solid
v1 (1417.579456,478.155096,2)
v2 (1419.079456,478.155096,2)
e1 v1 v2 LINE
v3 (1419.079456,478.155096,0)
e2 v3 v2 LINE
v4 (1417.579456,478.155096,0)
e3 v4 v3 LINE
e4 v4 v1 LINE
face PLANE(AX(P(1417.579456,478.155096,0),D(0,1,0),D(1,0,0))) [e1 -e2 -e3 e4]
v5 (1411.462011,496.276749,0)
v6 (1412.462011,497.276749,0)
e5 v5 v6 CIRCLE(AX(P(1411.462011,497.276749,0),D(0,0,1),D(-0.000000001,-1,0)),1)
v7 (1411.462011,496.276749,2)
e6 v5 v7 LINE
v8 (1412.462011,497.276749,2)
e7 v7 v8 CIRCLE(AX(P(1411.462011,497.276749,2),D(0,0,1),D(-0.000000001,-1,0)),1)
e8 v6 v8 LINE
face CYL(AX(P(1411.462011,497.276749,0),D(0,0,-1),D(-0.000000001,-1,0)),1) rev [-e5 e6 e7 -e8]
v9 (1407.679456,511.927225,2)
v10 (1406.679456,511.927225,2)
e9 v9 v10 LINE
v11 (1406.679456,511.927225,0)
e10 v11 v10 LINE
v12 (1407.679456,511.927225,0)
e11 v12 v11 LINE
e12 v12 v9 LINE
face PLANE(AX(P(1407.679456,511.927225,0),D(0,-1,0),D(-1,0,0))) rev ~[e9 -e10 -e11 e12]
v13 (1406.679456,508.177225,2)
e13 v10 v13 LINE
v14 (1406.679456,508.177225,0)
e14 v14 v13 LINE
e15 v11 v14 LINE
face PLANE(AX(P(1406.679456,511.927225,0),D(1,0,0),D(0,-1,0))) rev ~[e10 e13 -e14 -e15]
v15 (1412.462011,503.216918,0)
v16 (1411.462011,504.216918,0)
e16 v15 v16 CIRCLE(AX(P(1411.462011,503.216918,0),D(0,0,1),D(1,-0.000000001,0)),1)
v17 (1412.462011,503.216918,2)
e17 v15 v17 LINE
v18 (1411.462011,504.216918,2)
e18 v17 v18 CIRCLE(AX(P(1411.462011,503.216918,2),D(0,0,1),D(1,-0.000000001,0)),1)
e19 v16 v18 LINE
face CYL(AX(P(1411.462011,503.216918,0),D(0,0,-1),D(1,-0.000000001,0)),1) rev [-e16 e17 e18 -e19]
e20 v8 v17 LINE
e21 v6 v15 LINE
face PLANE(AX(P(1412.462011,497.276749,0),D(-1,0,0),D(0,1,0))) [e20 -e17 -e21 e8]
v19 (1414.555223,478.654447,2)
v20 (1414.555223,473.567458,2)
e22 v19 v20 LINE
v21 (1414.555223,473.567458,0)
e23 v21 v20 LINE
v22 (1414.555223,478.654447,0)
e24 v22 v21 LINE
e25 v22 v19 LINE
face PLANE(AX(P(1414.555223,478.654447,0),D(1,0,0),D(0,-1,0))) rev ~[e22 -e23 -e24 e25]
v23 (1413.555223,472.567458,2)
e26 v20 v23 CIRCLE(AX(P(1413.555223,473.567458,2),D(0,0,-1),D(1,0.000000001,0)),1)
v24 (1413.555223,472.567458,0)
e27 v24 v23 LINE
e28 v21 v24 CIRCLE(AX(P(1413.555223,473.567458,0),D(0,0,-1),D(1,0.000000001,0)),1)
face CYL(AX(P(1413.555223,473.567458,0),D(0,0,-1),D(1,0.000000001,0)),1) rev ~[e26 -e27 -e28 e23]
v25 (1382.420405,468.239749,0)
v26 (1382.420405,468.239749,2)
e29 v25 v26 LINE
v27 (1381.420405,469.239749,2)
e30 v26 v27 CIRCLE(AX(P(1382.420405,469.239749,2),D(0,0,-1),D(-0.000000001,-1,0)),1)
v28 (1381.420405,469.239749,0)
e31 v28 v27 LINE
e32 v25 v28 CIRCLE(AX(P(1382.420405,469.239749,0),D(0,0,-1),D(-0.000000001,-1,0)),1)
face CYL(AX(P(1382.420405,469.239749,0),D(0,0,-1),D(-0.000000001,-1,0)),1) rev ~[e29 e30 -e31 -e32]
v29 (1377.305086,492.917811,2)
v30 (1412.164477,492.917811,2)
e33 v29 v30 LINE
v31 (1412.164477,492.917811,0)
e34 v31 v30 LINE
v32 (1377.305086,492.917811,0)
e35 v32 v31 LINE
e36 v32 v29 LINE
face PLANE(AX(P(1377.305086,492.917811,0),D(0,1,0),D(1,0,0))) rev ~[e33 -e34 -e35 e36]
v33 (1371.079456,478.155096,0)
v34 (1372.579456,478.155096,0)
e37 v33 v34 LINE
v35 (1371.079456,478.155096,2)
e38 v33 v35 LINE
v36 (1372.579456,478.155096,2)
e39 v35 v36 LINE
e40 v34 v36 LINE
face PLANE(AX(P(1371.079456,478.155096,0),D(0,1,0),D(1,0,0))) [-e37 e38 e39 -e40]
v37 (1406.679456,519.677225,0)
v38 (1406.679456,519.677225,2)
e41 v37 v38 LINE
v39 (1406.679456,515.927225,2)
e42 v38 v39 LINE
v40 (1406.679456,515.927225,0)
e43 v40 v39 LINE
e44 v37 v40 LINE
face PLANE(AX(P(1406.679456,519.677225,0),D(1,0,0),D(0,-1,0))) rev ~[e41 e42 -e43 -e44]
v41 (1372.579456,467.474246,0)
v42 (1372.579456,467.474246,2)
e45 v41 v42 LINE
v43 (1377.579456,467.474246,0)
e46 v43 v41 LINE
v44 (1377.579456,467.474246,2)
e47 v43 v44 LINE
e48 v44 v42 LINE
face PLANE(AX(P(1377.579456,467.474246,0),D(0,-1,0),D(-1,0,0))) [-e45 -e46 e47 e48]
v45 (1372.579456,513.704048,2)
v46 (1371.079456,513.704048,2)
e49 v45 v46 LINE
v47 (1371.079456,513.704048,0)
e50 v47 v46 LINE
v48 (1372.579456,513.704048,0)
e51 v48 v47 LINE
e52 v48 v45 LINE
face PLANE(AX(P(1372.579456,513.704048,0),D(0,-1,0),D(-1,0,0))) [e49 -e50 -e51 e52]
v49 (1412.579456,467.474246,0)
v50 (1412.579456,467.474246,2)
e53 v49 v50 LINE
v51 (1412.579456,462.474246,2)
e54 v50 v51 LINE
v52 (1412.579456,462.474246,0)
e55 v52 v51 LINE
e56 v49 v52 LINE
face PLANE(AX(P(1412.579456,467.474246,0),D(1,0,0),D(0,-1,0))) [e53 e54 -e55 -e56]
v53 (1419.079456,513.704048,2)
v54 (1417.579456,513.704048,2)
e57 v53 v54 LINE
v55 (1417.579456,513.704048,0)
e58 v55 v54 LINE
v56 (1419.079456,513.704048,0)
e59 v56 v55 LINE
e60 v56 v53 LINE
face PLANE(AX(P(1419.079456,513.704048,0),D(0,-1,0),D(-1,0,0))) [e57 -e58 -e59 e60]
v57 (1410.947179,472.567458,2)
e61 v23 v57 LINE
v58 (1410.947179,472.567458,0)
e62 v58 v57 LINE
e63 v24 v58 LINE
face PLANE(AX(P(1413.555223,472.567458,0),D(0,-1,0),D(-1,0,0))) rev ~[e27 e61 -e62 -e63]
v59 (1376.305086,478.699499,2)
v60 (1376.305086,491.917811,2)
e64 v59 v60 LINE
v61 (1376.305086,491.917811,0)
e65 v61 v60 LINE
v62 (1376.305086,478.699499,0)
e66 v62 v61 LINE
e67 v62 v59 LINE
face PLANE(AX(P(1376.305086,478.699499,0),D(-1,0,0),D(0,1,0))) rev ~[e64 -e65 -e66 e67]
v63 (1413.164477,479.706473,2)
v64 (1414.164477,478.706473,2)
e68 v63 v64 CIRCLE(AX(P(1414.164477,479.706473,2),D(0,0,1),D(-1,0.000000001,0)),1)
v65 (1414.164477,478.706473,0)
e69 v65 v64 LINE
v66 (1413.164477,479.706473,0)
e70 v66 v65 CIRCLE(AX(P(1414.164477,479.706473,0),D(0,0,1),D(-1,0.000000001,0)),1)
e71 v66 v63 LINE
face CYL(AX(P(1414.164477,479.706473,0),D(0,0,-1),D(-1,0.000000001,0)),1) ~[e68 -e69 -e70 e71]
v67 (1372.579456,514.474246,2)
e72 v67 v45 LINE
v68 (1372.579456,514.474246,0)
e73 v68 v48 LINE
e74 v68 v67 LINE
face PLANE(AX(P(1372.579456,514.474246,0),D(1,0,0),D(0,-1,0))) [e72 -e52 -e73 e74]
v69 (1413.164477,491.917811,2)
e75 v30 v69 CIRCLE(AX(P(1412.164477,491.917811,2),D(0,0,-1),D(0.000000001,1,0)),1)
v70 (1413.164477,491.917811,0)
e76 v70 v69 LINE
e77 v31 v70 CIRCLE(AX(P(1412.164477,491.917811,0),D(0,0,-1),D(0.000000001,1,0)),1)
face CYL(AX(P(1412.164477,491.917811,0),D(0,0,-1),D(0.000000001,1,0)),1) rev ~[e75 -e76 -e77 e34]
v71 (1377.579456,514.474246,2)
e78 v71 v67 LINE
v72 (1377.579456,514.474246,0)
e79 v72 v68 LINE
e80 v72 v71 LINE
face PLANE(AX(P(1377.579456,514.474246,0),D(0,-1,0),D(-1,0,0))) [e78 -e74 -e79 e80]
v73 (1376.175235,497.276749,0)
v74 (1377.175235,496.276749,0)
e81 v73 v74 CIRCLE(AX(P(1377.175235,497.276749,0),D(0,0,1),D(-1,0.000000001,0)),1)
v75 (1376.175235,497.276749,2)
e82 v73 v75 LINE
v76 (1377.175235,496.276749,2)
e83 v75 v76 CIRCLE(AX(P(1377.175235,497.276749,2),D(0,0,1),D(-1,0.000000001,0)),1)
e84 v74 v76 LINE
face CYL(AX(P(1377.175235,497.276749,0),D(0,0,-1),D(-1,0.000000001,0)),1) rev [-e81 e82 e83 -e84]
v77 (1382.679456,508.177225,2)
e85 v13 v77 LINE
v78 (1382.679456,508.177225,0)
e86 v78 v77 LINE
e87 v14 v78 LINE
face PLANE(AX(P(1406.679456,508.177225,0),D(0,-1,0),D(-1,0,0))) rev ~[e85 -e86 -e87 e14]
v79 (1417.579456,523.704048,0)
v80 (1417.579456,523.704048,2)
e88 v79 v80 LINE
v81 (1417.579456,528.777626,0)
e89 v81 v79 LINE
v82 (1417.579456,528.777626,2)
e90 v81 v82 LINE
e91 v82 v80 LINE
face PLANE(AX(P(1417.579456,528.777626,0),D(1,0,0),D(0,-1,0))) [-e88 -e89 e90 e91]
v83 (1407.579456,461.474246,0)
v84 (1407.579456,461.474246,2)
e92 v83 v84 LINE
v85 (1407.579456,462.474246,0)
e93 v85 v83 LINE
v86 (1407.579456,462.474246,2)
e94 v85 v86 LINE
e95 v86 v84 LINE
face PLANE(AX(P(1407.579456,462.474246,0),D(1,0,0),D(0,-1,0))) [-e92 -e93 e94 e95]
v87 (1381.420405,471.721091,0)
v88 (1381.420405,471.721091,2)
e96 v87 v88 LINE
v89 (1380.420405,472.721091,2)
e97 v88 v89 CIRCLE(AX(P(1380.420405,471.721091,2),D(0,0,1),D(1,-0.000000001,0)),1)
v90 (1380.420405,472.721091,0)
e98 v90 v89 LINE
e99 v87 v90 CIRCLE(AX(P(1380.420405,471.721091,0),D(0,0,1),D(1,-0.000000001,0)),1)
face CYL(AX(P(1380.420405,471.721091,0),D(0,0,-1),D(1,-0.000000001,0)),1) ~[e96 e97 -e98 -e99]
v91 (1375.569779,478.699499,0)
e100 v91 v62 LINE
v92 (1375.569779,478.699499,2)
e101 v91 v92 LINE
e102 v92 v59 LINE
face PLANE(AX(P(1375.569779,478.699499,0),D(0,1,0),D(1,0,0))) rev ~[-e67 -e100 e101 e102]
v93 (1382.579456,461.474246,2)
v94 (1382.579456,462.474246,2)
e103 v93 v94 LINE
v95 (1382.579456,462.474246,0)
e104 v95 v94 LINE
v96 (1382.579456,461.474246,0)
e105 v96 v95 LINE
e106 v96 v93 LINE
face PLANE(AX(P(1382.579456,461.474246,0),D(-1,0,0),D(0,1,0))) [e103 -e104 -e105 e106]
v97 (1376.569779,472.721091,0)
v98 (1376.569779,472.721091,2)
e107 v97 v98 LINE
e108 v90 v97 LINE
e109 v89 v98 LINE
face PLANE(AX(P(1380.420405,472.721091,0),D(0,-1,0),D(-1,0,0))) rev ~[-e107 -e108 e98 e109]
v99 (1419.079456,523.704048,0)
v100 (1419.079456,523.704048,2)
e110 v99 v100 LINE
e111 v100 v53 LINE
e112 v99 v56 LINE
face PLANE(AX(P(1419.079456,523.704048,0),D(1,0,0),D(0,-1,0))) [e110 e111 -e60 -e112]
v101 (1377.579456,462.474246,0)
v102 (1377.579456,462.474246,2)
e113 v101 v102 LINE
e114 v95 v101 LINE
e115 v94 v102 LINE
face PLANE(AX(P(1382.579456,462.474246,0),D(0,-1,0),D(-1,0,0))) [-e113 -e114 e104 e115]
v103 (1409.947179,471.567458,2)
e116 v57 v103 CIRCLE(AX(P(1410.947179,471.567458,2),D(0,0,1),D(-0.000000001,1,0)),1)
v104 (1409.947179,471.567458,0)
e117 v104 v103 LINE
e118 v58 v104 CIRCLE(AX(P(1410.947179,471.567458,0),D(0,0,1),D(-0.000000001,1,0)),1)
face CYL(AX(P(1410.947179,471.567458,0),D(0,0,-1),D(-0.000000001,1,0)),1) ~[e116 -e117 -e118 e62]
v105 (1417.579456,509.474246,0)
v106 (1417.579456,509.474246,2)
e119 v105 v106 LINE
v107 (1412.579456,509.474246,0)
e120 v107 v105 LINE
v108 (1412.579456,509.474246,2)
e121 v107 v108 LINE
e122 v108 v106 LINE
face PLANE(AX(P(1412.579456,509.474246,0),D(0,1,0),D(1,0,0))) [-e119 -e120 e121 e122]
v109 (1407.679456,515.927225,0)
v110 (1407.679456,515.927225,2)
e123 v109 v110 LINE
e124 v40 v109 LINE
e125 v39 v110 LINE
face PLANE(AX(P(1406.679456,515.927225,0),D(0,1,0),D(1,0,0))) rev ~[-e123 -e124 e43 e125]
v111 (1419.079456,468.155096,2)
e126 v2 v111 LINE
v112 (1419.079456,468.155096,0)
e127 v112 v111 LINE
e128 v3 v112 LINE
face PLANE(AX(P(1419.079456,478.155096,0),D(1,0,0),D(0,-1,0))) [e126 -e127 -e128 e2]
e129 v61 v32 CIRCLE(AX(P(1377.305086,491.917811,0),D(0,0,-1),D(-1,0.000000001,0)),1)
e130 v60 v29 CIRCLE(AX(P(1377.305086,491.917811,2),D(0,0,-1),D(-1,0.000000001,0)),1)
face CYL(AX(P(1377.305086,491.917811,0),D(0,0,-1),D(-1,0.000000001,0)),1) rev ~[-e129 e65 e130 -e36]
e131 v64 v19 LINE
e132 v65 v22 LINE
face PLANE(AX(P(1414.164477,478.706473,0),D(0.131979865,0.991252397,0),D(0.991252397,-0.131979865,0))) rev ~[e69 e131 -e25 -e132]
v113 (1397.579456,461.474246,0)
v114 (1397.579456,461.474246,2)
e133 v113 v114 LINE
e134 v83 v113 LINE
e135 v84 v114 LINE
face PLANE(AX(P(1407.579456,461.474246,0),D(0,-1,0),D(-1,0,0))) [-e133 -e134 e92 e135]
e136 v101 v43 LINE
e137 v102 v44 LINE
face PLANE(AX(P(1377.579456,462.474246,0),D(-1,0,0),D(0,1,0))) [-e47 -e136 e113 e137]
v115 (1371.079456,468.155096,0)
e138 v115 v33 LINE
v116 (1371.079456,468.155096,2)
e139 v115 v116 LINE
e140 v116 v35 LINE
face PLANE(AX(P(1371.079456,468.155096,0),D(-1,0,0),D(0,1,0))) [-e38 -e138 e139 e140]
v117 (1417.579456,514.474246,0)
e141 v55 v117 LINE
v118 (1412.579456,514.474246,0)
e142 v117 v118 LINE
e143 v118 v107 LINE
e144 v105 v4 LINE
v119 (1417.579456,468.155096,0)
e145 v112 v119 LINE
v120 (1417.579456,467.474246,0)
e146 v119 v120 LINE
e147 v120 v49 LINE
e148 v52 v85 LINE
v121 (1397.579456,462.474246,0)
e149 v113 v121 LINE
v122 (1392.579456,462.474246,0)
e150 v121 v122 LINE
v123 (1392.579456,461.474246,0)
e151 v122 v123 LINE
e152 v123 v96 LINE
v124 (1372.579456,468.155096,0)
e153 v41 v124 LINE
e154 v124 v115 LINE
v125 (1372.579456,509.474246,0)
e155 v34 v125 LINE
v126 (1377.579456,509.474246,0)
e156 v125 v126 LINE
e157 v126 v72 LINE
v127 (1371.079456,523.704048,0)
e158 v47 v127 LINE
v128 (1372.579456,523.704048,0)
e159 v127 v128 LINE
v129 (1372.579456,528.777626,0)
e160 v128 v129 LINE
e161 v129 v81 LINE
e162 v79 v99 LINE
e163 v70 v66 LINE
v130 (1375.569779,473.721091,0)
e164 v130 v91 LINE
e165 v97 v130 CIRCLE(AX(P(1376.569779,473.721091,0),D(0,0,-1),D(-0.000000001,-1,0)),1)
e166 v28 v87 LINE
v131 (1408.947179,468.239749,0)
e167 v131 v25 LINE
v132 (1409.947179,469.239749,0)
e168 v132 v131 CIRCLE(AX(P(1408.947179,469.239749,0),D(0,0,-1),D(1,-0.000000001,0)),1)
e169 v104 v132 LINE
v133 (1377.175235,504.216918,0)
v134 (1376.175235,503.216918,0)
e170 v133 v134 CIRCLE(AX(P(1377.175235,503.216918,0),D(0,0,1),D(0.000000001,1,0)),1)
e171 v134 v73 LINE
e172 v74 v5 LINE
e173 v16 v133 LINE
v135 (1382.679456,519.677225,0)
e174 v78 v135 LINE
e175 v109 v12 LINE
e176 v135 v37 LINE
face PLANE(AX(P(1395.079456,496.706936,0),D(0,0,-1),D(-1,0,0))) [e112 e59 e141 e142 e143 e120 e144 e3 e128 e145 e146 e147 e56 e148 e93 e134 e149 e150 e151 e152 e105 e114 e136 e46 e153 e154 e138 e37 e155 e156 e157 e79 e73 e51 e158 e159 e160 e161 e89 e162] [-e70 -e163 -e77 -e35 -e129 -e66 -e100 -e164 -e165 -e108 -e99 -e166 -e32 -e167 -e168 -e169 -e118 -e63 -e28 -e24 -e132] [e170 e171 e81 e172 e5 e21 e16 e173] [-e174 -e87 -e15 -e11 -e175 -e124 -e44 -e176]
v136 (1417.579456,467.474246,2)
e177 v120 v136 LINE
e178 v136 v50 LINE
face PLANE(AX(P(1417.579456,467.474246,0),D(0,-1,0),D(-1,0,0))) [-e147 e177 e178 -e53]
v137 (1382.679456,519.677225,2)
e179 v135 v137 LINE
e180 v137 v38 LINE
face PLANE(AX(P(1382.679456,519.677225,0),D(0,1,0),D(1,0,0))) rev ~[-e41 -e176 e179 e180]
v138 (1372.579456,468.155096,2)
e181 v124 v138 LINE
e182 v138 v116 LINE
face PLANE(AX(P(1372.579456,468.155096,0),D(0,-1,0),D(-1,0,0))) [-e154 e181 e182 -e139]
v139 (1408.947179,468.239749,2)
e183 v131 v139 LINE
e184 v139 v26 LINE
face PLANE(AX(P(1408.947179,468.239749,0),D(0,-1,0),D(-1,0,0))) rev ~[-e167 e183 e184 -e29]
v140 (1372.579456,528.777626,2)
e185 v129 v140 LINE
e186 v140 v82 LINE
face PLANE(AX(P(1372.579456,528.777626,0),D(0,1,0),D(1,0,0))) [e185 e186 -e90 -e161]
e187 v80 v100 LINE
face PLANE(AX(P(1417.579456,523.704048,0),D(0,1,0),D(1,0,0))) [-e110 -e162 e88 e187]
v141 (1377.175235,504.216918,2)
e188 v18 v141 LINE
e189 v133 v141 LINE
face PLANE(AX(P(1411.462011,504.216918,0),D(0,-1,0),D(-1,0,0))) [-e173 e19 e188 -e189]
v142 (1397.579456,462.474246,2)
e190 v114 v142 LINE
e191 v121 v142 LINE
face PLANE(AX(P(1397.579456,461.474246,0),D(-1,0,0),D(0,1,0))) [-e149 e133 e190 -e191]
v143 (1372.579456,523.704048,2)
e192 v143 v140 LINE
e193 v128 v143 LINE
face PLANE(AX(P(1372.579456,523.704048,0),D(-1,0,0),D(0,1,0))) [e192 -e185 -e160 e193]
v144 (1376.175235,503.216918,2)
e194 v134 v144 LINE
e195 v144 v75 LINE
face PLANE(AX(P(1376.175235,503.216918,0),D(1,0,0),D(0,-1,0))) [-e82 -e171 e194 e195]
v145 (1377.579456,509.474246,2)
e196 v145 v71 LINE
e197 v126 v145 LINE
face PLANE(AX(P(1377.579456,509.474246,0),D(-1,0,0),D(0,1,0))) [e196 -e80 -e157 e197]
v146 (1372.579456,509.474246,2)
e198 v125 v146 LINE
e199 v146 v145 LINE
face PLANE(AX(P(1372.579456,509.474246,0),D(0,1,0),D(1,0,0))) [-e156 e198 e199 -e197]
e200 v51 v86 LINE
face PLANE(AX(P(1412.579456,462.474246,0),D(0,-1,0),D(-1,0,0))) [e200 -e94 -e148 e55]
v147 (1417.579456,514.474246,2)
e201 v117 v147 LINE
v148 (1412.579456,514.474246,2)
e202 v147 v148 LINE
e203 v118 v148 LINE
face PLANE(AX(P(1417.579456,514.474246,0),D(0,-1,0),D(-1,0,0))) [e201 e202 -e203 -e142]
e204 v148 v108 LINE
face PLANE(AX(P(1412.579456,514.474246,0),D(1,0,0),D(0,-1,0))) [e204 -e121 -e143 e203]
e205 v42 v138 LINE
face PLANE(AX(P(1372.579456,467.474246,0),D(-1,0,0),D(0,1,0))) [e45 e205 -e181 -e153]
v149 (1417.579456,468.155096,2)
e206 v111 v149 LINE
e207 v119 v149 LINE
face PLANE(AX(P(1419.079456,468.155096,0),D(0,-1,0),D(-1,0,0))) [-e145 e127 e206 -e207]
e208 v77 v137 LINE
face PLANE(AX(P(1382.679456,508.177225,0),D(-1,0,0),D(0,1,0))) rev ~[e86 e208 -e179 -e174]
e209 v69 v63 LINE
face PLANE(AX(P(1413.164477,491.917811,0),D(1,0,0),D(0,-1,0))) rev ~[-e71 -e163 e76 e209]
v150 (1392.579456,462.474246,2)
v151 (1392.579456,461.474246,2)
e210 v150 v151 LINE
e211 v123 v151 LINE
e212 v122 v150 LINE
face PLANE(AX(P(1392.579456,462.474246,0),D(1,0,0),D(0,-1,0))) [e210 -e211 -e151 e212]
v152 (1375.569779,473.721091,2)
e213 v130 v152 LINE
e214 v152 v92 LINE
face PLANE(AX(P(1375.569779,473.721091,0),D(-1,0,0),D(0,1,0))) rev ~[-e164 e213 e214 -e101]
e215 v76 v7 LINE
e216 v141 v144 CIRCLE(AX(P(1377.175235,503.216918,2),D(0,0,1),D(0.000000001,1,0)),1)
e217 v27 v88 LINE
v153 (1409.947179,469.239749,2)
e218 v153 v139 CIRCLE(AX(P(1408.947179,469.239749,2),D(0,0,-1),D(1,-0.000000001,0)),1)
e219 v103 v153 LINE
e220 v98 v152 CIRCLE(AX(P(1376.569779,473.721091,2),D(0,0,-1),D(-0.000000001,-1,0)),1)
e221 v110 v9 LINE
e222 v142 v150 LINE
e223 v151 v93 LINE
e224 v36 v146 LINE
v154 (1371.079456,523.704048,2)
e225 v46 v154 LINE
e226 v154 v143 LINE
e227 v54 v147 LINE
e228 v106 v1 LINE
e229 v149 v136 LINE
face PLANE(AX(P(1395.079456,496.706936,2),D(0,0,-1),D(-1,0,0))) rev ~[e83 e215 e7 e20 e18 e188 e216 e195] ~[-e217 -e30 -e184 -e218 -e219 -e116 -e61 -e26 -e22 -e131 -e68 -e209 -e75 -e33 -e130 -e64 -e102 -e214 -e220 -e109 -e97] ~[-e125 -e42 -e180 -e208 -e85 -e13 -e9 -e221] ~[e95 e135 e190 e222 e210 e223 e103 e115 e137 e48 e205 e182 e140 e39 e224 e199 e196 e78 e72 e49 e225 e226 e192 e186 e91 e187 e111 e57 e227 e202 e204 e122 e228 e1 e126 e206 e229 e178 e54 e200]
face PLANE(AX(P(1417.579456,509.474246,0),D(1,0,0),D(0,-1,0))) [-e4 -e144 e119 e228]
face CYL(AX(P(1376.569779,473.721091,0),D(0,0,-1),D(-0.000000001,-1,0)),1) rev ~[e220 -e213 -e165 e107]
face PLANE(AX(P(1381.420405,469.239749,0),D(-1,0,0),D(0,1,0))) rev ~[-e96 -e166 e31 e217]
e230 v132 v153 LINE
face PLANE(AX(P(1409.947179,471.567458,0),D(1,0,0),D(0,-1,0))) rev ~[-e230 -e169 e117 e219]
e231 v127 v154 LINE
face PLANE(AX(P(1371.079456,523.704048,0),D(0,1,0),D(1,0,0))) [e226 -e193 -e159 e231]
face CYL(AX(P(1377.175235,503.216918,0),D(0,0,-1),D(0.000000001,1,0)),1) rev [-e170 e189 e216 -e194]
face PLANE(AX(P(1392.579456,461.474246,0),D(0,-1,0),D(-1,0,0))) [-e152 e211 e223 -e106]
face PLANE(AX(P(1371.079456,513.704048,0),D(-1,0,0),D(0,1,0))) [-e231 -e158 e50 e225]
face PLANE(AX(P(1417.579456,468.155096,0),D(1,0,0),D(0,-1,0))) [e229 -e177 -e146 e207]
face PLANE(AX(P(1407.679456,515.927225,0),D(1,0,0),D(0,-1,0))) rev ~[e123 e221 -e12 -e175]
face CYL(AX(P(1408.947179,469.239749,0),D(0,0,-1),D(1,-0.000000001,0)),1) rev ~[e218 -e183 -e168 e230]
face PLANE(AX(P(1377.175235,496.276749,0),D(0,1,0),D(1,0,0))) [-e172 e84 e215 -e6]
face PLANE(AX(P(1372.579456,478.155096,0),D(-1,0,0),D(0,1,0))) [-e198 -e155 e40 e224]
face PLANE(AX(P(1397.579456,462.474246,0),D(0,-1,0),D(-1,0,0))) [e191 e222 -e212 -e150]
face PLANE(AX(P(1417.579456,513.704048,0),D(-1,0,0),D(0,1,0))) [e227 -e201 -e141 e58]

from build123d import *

# Parameters (mm, degrees)
EXTRUDE_1_DEPTH = 2


with BuildPart() as part:
    # Model → 凸台-拉伸1 (new body)
    with BuildSketch(Plane.XY):
        Polygon((1417.579456282, 528.777626172), (1417.579456282, 523.704047707), (1419.079456282, 523.704047707), (1419.079456282, 513.704047707), (1417.579456282, 513.704047707), (1417.579456282, 514.474245762), (1412.579456282, 514.474245762), (1412.579456282, 509.474245762), (1417.579456282, 509.474245762), (1417.579456282, 478.155095762), (1419.079456282, 478.155095762), (1419.079456282, 468.155095762), (1417.579456282, 468.155095762), (1417.579456282, 467.474245762), (1412.579456282, 467.474245762), (1412.579456282, 462.474245762), (1407.579456282, 462.474245762), (1407.579456282, 461.474245762), (1397.579456282, 461.474245762), (1397.579456282, 462.474245762), (1392.579456282, 462.474245762), (1392.579456282, 461.474245762), (1382.579456282, 461.474245762), (1382.579456282, 462.474245762), (1377.579456282, 462.474245762), (1377.579456282, 467.474245762), (1372.579456282, 467.474245762), (1372.579456282, 468.155095762), (1371.079456282, 468.155095762), (1371.079456282, 478.155095762), (1372.579456282, 478.155095762), (1372.579456282, 509.474245762), (1377.579456282, 509.474245762), (1377.579456282, 514.474245762), (1372.579456282, 514.474245762), (1372.579456282, 513.704047707), (1371.079456282, 513.704047707), (1371.079456282, 523.704047707), (1372.579456282, 523.704047707), (1372.579456282, 528.777626172), align=None)
        with BuildLine():
            Line((1413.164476571, 491.917810861), (1413.164476571, 479.70647297))
            ThreePointArc((1413.164476571, 479.70647297), (1413.457369789, 478.999366189), (1414.164476571, 478.70647297))
            Line((1414.164476571, 478.70647297), (1414.555223152, 478.654447188))
            Line((1414.555223152, 478.654447188), (1414.555223152, 473.567457634))
            ThreePointArc((1414.555223152, 473.567457634), (1414.262329933, 472.860350852), (1413.555223152, 472.567457634))
            Line((1413.555223152, 472.567457634), (1410.947178647, 472.567457634))
            ThreePointArc((1410.947178647, 472.567457634), (1410.240071866, 472.274564415), (1409.947178647, 471.567457634))
            Line((1409.947178647, 471.567457634), (1409.947178647, 469.239749487))
            ThreePointArc((1409.947178647, 469.239749487), (1409.654285428, 468.532642706), (1408.947178647, 468.239749487))
            Line((1408.947178647, 468.239749487), (1382.420404996, 468.239749487))
            ThreePointArc((1382.420404996, 468.239749487), (1381.713298215, 468.532642706), (1381.420404996, 469.239749487))
            Line((1381.420404996, 469.239749487), (1381.420404996, 471.721090549))
            ThreePointArc((1381.420404996, 471.721090549), (1381.127511777, 472.428197331), (1380.420404996, 472.721090549))
            Line((1380.420404996, 472.721090549), (1376.569778947, 472.721090549))
            ThreePointArc((1376.569778947, 472.721090549), (1375.862672166, 473.013983768), (1375.569778947, 473.721090549))
            Line((1375.569778947, 473.721090549), (1375.569778947, 478.699498863))
            Line((1375.569778947, 478.699498863), (1376.305086446, 478.699498863))
            Line((1376.305086446, 478.699498863), (1376.305086446, 491.917810861))
            ThreePointArc((1376.305086446, 491.917810861), (1376.597979665, 492.624917642), (1377.305086446, 492.917810861))
            Line((1377.305086446, 492.917810861), (1412.164476571, 492.917810861))
            ThreePointArc((1412.164476571, 492.917810861), (1412.871583352, 492.624917642), (1413.164476571, 491.917810861))
        make_face(mode=Mode.SUBTRACT)
        Polygon((1382.679456282, 519.677225349), (1406.679456282, 519.677225349), (1406.679456282, 515.927225349), (1407.679456282, 515.927225349), (1407.679456282, 511.927225349), (1406.679456282, 511.927225349), (1406.679456282, 508.177225349), (1382.679456282, 508.177225349), align=None, mode=Mode.SUBTRACT)
        with BuildLine():
            Line((1411.462010719, 504.216917745), (1377.175235328, 504.216917745))
            ThreePointArc((1377.175235328, 504.216917745), (1376.468128547, 503.924024527), (1376.175235328, 503.216917745))
            Line((1376.175235328, 503.216917745), (1376.175235328, 497.276748548))
            ThreePointArc((1376.175235328, 497.276748548), (1376.468128547, 496.569641766), (1377.175235328, 496.276748548))
            Line((1377.175235328, 496.276748548), (1411.462010719, 496.276748548))
            ThreePointArc((1411.462010719, 496.276748548), (1412.1691175, 496.569641766), (1412.462010719, 497.276748548))
            Line((1412.462010719, 497.276748548), (1412.462010719, 503.216917745))
            ThreePointArc((1412.462010719, 503.216917745), (1412.1691175, 503.924024527), (1411.462010719, 504.216917745))
        make_face(mode=Mode.SUBTRACT)
    extrude(amount=EXTRUDE_1_DEPTH)


solid = part.part
